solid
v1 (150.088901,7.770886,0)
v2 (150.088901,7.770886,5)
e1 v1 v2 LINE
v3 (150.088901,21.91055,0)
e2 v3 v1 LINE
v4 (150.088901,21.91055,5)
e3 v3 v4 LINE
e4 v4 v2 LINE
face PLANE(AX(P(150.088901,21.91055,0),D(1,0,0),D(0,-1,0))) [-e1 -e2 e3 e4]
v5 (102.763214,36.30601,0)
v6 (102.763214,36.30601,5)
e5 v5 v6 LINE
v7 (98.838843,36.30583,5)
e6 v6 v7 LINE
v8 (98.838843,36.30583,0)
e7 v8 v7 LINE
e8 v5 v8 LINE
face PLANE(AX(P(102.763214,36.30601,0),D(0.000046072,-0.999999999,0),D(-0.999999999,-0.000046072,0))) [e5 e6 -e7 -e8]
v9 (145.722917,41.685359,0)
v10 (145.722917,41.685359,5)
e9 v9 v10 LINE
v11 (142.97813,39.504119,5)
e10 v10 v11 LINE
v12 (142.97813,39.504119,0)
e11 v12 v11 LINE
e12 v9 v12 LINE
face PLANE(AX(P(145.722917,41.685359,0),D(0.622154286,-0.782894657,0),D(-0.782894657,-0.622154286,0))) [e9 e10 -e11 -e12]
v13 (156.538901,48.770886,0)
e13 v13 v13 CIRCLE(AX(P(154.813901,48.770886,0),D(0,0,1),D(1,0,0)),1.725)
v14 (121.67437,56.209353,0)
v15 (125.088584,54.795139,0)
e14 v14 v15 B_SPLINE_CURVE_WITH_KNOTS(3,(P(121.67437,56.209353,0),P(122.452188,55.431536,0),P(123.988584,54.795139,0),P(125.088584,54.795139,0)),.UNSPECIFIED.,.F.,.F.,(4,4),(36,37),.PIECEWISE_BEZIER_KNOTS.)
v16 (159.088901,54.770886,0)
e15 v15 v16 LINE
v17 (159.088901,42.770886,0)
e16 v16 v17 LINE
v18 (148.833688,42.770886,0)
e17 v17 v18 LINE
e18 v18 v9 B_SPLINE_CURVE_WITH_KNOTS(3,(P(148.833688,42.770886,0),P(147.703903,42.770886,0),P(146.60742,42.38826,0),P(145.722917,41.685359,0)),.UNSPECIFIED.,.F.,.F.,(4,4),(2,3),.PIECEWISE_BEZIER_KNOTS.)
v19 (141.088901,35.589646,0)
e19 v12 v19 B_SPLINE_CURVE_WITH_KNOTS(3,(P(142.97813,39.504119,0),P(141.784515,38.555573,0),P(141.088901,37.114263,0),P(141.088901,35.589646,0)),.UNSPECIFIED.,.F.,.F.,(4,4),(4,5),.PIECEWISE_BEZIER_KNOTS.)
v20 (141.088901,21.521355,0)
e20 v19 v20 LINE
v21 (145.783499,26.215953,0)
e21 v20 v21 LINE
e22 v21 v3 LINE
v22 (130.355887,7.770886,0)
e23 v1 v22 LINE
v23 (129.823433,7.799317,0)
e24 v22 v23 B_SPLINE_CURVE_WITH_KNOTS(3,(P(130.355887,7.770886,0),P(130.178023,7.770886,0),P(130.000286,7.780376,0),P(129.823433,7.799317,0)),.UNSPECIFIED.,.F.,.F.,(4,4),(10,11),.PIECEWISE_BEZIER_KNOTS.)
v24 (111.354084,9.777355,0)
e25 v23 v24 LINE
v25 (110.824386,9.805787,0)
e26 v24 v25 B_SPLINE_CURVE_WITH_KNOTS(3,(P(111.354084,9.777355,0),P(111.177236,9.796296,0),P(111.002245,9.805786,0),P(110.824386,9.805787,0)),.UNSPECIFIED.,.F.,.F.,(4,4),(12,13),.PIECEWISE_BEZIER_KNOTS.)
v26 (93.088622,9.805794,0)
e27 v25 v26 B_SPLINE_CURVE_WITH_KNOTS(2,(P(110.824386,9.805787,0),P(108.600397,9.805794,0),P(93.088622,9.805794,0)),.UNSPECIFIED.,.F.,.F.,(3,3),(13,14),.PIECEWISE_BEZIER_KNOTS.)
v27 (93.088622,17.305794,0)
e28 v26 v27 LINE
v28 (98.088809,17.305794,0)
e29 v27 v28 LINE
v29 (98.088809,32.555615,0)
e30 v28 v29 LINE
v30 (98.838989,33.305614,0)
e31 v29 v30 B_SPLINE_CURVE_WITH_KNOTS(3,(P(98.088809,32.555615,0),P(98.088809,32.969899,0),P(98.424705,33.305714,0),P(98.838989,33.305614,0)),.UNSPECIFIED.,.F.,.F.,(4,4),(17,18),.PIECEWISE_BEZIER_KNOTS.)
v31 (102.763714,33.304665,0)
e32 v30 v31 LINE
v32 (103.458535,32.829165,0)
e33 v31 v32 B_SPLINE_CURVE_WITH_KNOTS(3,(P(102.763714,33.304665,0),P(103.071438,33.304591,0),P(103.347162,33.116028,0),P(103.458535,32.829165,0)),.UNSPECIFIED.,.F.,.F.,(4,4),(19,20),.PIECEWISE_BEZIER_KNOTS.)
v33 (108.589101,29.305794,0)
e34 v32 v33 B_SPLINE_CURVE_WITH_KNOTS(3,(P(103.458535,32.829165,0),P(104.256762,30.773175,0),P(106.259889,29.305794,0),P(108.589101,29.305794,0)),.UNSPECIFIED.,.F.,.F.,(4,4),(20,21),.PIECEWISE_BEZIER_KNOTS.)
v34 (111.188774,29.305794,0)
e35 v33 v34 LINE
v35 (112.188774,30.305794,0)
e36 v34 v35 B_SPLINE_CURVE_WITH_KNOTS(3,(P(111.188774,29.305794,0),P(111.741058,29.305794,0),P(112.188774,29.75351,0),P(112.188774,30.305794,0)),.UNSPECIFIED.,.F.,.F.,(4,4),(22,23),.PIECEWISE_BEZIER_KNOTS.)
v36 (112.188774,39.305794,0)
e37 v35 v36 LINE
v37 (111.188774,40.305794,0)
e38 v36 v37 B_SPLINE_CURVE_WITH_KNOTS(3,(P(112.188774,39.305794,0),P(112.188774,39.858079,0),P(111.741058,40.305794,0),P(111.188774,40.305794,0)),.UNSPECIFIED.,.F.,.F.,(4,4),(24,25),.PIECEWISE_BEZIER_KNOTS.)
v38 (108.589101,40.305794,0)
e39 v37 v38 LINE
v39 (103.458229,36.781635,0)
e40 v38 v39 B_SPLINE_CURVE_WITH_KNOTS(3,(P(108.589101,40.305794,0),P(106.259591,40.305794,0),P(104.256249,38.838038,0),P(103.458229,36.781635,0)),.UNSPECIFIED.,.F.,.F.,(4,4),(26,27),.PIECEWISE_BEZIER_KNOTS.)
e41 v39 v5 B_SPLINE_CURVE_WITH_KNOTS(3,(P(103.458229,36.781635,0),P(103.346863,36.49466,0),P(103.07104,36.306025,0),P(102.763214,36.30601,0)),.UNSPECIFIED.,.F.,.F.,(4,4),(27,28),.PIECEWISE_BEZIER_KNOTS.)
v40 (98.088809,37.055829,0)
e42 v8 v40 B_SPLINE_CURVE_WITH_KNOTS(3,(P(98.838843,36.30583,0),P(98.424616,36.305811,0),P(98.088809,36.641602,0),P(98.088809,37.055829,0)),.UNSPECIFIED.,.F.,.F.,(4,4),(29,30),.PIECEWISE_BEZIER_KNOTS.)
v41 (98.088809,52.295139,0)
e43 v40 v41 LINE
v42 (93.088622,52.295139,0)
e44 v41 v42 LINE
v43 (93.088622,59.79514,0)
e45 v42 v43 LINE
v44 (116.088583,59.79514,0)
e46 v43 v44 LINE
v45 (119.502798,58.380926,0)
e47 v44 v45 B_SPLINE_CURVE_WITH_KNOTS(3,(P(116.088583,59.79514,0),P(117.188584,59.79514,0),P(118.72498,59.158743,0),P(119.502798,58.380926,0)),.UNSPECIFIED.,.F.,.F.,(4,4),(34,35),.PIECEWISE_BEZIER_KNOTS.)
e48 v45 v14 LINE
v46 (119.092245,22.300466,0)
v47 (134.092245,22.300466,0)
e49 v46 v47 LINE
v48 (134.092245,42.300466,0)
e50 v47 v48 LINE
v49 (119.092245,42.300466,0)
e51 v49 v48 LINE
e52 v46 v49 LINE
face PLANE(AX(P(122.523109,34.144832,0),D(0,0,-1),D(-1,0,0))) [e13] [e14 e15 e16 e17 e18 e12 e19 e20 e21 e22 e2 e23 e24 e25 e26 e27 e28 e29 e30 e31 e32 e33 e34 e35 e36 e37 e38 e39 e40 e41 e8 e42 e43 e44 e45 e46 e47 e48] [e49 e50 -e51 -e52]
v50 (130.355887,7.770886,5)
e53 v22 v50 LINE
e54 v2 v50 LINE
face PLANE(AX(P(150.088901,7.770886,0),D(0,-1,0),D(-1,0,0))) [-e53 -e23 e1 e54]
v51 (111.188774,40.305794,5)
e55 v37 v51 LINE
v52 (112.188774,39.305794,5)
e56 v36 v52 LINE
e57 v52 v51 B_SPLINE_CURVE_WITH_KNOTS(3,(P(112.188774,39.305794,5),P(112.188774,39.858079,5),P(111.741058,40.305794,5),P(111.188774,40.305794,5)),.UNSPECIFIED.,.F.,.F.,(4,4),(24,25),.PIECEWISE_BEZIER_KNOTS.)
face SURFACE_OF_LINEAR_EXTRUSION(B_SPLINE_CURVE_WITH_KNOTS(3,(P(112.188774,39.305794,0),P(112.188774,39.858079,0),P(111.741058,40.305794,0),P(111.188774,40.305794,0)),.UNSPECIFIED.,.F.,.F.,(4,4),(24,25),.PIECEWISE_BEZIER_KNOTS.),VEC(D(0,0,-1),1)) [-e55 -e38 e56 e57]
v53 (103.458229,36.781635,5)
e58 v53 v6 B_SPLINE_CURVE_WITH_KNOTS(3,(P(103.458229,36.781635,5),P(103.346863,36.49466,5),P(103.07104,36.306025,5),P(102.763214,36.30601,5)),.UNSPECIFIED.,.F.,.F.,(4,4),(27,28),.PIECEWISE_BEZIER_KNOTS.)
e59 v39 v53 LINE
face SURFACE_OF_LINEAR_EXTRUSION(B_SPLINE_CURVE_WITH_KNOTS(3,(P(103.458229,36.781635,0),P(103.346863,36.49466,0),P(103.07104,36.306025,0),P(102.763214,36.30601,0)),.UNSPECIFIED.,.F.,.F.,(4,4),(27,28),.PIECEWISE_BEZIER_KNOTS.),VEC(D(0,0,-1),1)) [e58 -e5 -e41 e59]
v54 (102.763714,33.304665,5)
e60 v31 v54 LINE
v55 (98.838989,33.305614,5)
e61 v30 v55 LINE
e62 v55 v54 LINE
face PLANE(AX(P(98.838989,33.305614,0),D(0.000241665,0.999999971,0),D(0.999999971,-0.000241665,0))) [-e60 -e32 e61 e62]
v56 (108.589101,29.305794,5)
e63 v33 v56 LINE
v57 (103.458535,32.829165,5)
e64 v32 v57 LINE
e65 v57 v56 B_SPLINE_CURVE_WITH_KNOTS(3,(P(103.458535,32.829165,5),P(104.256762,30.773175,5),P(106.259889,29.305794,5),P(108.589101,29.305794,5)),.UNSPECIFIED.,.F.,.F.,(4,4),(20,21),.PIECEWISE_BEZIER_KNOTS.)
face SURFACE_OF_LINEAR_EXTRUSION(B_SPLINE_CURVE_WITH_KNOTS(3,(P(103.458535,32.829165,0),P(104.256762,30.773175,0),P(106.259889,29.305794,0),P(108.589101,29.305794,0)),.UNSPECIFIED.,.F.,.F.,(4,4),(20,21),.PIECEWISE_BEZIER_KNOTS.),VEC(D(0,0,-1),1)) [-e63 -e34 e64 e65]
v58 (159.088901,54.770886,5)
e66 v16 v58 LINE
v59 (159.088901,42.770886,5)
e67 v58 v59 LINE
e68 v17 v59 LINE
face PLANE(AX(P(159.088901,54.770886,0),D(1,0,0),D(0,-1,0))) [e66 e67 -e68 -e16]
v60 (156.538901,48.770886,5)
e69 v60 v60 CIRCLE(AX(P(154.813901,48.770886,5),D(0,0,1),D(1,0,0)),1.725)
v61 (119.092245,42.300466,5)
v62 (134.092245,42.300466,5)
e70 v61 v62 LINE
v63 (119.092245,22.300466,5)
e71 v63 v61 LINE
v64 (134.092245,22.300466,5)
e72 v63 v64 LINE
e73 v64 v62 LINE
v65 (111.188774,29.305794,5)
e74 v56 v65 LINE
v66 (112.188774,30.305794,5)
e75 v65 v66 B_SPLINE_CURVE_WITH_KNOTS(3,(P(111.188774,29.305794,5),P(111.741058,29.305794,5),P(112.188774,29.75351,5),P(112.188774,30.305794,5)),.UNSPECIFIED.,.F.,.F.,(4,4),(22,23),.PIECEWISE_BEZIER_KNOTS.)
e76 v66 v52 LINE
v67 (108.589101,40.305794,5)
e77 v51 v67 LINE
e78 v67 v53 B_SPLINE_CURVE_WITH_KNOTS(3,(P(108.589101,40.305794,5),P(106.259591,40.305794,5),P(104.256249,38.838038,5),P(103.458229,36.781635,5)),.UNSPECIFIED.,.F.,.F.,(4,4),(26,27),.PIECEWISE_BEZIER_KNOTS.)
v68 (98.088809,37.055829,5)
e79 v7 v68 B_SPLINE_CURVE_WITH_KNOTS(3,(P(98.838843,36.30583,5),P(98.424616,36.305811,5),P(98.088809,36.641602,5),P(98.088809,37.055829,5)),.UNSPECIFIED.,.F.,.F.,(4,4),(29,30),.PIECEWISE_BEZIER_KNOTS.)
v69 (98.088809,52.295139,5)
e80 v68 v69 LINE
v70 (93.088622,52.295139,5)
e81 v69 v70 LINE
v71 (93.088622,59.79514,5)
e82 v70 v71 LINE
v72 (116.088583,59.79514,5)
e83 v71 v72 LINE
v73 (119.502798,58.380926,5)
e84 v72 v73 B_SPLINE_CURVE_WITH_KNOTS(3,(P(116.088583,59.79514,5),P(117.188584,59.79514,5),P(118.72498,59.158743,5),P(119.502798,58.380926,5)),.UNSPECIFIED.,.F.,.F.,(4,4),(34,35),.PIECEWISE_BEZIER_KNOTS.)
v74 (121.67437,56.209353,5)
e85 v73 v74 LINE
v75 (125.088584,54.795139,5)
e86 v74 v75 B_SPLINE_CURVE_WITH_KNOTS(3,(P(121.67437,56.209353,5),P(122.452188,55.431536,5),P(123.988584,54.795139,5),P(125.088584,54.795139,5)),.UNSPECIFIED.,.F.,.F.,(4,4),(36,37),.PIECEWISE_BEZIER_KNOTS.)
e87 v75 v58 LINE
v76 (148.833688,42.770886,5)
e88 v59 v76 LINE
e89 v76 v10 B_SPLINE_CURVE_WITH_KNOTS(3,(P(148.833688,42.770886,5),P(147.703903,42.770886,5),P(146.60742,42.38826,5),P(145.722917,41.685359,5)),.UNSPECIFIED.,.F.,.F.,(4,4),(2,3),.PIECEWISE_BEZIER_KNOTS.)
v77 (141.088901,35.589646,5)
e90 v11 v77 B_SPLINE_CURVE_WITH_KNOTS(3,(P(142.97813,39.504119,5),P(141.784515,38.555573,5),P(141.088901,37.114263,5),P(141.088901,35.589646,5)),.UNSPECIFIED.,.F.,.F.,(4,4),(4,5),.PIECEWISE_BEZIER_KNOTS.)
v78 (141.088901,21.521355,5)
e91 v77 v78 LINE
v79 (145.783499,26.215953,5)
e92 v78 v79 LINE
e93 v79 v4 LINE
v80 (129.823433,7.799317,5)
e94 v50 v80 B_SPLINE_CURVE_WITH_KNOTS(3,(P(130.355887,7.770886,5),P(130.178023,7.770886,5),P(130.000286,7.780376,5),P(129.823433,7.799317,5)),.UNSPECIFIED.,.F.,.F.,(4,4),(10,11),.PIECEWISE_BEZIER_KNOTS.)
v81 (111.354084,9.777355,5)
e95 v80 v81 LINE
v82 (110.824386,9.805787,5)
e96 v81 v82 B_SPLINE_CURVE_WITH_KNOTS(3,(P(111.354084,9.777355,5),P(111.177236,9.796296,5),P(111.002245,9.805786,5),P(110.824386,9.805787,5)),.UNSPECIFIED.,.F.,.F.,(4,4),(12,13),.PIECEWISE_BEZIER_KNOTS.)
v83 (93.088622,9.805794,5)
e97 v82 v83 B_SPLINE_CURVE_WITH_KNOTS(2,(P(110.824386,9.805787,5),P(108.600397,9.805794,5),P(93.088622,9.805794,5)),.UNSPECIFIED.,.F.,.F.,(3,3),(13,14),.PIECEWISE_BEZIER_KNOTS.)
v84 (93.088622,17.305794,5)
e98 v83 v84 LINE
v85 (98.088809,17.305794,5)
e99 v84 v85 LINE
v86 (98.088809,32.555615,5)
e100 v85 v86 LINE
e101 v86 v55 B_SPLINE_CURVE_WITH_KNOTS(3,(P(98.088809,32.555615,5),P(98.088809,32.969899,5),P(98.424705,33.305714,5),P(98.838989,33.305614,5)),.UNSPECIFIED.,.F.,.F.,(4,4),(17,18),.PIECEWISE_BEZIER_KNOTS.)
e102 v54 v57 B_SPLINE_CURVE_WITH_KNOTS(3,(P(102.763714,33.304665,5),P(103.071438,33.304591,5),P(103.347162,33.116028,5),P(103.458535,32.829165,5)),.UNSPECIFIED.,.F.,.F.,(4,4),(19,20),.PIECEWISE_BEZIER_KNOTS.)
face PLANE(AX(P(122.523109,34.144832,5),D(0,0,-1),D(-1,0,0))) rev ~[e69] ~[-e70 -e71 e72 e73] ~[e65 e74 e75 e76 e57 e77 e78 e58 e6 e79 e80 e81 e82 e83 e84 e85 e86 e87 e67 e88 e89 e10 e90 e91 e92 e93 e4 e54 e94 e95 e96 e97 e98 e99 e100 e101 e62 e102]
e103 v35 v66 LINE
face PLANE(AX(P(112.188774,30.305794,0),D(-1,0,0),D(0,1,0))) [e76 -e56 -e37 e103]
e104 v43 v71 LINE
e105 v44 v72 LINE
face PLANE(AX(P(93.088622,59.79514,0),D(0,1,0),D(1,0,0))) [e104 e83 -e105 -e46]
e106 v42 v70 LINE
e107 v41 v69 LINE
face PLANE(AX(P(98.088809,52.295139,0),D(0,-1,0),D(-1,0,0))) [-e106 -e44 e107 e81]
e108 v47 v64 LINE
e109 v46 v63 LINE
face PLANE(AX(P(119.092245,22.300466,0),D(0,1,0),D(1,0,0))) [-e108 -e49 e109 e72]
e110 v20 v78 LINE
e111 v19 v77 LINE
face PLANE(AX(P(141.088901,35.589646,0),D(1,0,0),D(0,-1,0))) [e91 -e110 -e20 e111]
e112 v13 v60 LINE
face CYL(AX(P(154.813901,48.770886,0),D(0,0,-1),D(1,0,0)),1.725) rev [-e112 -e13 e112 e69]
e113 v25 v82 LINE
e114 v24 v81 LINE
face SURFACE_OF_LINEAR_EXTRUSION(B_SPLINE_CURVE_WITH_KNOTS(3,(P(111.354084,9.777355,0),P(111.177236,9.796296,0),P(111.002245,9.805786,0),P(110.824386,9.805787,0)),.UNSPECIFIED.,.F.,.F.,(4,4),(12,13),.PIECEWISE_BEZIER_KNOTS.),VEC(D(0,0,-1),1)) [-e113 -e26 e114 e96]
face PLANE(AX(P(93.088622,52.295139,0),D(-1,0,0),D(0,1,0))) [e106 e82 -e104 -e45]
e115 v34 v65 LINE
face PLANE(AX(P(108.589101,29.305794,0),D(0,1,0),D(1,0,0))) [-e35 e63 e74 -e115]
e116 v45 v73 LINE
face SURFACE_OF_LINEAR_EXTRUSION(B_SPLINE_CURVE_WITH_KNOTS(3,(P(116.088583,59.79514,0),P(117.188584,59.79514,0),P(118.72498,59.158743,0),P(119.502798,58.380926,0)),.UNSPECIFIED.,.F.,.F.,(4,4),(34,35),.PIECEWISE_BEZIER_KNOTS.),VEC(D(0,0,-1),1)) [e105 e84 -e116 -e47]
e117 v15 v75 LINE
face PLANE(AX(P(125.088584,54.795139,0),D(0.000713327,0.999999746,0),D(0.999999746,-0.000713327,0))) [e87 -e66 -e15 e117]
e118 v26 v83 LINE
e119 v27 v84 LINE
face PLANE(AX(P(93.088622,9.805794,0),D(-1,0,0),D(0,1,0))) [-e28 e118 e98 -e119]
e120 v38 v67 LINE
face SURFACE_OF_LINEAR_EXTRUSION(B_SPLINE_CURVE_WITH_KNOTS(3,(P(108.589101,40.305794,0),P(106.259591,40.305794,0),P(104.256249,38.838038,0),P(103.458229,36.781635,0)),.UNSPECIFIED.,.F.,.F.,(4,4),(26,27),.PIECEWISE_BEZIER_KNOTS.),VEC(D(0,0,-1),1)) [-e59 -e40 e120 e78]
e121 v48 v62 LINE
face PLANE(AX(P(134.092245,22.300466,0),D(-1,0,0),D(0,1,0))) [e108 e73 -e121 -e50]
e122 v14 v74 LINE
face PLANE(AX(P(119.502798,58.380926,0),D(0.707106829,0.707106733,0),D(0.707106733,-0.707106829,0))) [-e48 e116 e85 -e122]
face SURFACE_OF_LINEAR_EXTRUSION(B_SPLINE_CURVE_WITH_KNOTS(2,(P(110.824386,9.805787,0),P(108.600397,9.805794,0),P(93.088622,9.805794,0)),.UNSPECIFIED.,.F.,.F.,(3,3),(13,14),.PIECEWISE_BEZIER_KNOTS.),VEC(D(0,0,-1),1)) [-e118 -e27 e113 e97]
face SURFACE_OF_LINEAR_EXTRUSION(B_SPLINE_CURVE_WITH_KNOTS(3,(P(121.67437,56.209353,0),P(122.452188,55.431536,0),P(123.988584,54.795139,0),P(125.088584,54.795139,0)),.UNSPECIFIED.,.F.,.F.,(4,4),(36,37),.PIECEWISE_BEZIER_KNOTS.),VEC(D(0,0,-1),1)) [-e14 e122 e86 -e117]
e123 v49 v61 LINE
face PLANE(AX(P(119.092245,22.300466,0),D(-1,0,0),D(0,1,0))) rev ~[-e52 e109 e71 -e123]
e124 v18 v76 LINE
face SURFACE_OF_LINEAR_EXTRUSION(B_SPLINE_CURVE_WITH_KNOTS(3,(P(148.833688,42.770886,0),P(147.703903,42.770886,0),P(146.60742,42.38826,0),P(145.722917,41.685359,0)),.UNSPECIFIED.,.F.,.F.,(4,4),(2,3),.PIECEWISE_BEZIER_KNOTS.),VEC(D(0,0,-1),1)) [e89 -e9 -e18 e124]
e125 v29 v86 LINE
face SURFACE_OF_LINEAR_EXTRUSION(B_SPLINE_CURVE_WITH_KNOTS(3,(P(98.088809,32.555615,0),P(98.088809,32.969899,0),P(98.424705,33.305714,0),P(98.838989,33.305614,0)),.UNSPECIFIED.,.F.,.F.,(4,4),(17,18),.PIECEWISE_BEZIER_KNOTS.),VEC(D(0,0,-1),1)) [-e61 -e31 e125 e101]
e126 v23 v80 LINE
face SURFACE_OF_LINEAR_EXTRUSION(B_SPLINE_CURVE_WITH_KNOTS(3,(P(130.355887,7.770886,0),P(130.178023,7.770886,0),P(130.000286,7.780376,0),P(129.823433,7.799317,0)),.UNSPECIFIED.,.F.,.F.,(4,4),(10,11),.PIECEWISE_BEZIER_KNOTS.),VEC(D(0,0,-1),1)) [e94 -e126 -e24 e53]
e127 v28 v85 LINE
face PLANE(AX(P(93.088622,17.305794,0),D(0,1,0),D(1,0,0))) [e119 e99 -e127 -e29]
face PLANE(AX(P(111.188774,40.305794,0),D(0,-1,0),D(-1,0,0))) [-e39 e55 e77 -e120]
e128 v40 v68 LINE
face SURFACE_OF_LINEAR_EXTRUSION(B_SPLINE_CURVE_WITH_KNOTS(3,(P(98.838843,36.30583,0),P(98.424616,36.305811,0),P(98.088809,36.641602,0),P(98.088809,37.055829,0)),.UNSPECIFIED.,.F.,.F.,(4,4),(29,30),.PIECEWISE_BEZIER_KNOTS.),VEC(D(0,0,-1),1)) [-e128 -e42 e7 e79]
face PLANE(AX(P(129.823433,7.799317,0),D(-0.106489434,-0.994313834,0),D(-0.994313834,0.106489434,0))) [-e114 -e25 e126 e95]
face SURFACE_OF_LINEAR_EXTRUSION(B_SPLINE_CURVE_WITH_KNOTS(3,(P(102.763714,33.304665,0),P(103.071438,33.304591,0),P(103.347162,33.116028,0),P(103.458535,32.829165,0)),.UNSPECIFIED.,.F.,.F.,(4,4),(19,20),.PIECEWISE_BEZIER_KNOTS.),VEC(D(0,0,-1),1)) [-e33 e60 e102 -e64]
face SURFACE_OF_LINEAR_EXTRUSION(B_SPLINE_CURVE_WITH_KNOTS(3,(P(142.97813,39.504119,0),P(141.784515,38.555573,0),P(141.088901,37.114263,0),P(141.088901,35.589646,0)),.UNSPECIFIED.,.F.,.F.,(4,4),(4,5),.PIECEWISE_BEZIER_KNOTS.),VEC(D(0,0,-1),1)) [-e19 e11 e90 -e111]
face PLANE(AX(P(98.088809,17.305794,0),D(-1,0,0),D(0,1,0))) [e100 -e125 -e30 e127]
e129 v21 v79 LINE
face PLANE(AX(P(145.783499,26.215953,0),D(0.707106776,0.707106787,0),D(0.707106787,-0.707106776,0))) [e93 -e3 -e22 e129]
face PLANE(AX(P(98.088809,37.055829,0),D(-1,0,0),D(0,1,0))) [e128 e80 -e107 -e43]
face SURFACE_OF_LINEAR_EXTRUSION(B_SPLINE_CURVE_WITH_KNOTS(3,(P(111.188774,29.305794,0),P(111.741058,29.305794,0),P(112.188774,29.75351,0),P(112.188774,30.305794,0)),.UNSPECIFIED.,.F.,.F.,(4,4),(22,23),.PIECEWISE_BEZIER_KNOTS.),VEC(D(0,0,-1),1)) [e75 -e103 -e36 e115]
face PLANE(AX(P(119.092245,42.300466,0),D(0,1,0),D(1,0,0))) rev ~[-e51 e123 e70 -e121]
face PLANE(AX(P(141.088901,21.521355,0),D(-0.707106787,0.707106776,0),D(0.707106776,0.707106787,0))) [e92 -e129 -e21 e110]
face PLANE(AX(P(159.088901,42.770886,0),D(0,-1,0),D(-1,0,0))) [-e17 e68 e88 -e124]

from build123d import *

# Parameters (mm, degrees)
MODEL_4_W           = 14.999999996
MODEL_4_H           = 19.999999994
MODEL_4_R           = 1.725
BOSS_EXTRUDE3_DEPTH = 5


with BuildPart() as part:
    # Model<4> → Boss-Extrude3 (new body)
    with BuildSketch(Plane.XY):
        with BuildLine():
            Line((159.088901233, 42.770886007), (159.088901233, 54.770886004))
            Line((159.088901233, 54.770886004), (125.08858378, 54.795139347))
            add(Edge.make_bspline(
                [(121.67437012, 56.209353091), (122.452187569, 55.431535532), (123.988583716, 54.795139347), (125.08858378, 54.795139347)],
                knots=[36, 36, 36, 36, 37, 37, 37, 37], degree=3))
            Line((121.67437012, 56.209353091), (119.502797904, 58.380925601))
            add(Edge.make_bspline(
                [(116.088583489, 59.795139659), (117.188583796, 59.795139659), (118.724980283, 59.158743333), (119.502797904, 58.380925601)],
                knots=[34, 34, 34, 34, 35, 35, 35, 35], degree=3))
            Line((116.088583489, 59.795139659), (93.088622023, 59.795139659))
            Line((93.088622023, 59.795139659), (93.088622023, 52.295139183))
            Line((93.088622023, 52.295139183), (98.088808744, 52.295139183))
            Line((98.088808744, 52.295139183), (98.088808744, 37.055828853))
            add(Edge.make_bspline(
                [(98.838842522, 36.30582961), (98.424615889, 36.305810532), (98.088808739, 36.64160222), (98.088808744, 37.055828853)],
                knots=[29, 29, 29, 29, 30, 30, 30, 30], degree=3))
            Line((98.838842522, 36.30582961), (102.763213768, 36.306010412))
            add(Edge.make_bspline(
                [(103.458228599, 36.781634874), (103.346863397, 36.494660115), (103.071039563, 36.306024593), (102.763213768, 36.306010412)],
                knots=[27, 27, 27, 27, 28, 28, 28, 28], degree=3))
            add(Edge.make_bspline(
                [(108.589100574, 40.305794491), (106.259590893, 40.305794491), (104.256249253, 38.838038305), (103.458228599, 36.781634874)],
                knots=[26, 26, 26, 26, 27, 27, 27, 27], degree=3))
            Line((108.589100574, 40.305794491), (111.188773507, 40.305794491))
            add(Edge.make_bspline(
                [(112.188773507, 39.305794492), (112.188773506, 39.858079241), (111.741058256, 40.305794491), (111.188773507, 40.305794491)],
                knots=[24, 24, 24, 24, 25, 25, 25, 25], degree=3))
            Line((112.188773507, 39.305794492), (112.188773507, 30.305794494))
            add(Edge.make_bspline(
                [(111.188773507, 29.305794495), (111.741058256, 29.305794495), (112.188773507, 29.753509745), (112.188773507, 30.305794494)],
                knots=[22, 22, 22, 22, 23, 23, 23, 23], degree=3))
            Line((111.188773507, 29.305794495), (108.589100574, 29.305794495))
            add(Edge.make_bspline(
                [(103.458534777, 32.829165314), (104.256761577, 30.773175353), (106.259888758, 29.305794495), (108.589100574, 29.305794495)],
                knots=[20, 20, 20, 20, 21, 21, 21, 21], degree=3))
            add(Edge.make_bspline(
                [(102.763713878, 33.304665432), (103.071437534, 33.304591066), (103.347162069, 33.116027604), (103.458534777, 32.829165314)],
                knots=[19, 19, 19, 19, 20, 20, 20, 20], degree=3))
            Line((102.763713878, 33.304665432), (98.838989216, 33.305613899))
            add(Edge.make_bspline(
                [(98.088808744, 32.555614676), (98.088808739, 32.969898599), (98.424705306, 33.30571401), (98.838989216, 33.305613899)],
                knots=[17, 17, 17, 17, 18, 18, 18, 18], degree=3))
            Line((98.088808744, 32.555614676), (98.088808744, 17.30579417))
            Line((98.088808744, 17.30579417), (93.088622023, 17.30579417))
            Line((93.088622023, 17.30579417), (93.088622023, 9.805793695))
            add(Edge.make_bspline(
                [(110.8243856, 9.805786903), (108.600397254, 9.805793694), (93.088622023, 9.805793695)],
                knots=[13, 13, 13, 14, 14, 14], degree=2))
            add(Edge.make_bspline(
                [(111.354083681, 9.777355295), (111.177236079, 9.796295653), (111.002244565, 9.80578636), (110.8243856, 9.805786903)],
                knots=[12, 12, 12, 12, 13, 13, 13, 13], degree=3))
            Line((111.354083681, 9.777355295), (129.823433077, 7.799317277))
            add(Edge.make_bspline(
                [(130.355887494, 7.770885671), (130.178023326, 7.770885671), (130.000285852, 7.780376365), (129.823433077, 7.799317277)],
                knots=[10, 10, 10, 10, 11, 11, 11, 11], degree=3))
            Line((130.355887494, 7.770885671), (150.088901196, 7.770885671))
            Line((150.088901196, 7.770885671), (150.088901196, 21.91055044))
            Line((150.088901196, 21.91055044), (145.783498532, 26.215953035))
            Line((145.783498532, 26.215953035), (141.088901059, 21.521355488))
            Line((141.088901059, 21.521355488), (141.088901059, 35.589646165))
            add(Edge.make_bspline(
                [(142.978129629, 39.504119451), (141.78451535, 38.555572629), (141.088901059, 37.114262879), (141.088901059, 35.589646165)],
                knots=[4, 4, 4, 4, 5, 5, 5, 5], degree=3))
            Line((142.978129629, 39.504119451), (145.722916781, 41.685359384))
            add(Edge.make_bspline(
                [(148.833688241, 42.770886007), (147.703902982, 42.770886039), (146.607419644, 42.388260099), (145.722916781, 41.685359384)],
                knots=[2, 2, 2, 2, 3, 3, 3, 3], degree=3))
            Line((148.833688241, 42.770886007), (159.088901233, 42.770886007))
        make_face()
        with Locations((126.592244968, 32.300466217)):
            Rectangle(MODEL_4_W, MODEL_4_H, mode=Mode.SUBTRACT)
        with Locations((154.813901136, 48.770885771)):
            Circle(MODEL_4_R, mode=Mode.SUBTRACT)
    extrude(amount=BOSS_EXTRUDE3_DEPTH)


solid = part.part
